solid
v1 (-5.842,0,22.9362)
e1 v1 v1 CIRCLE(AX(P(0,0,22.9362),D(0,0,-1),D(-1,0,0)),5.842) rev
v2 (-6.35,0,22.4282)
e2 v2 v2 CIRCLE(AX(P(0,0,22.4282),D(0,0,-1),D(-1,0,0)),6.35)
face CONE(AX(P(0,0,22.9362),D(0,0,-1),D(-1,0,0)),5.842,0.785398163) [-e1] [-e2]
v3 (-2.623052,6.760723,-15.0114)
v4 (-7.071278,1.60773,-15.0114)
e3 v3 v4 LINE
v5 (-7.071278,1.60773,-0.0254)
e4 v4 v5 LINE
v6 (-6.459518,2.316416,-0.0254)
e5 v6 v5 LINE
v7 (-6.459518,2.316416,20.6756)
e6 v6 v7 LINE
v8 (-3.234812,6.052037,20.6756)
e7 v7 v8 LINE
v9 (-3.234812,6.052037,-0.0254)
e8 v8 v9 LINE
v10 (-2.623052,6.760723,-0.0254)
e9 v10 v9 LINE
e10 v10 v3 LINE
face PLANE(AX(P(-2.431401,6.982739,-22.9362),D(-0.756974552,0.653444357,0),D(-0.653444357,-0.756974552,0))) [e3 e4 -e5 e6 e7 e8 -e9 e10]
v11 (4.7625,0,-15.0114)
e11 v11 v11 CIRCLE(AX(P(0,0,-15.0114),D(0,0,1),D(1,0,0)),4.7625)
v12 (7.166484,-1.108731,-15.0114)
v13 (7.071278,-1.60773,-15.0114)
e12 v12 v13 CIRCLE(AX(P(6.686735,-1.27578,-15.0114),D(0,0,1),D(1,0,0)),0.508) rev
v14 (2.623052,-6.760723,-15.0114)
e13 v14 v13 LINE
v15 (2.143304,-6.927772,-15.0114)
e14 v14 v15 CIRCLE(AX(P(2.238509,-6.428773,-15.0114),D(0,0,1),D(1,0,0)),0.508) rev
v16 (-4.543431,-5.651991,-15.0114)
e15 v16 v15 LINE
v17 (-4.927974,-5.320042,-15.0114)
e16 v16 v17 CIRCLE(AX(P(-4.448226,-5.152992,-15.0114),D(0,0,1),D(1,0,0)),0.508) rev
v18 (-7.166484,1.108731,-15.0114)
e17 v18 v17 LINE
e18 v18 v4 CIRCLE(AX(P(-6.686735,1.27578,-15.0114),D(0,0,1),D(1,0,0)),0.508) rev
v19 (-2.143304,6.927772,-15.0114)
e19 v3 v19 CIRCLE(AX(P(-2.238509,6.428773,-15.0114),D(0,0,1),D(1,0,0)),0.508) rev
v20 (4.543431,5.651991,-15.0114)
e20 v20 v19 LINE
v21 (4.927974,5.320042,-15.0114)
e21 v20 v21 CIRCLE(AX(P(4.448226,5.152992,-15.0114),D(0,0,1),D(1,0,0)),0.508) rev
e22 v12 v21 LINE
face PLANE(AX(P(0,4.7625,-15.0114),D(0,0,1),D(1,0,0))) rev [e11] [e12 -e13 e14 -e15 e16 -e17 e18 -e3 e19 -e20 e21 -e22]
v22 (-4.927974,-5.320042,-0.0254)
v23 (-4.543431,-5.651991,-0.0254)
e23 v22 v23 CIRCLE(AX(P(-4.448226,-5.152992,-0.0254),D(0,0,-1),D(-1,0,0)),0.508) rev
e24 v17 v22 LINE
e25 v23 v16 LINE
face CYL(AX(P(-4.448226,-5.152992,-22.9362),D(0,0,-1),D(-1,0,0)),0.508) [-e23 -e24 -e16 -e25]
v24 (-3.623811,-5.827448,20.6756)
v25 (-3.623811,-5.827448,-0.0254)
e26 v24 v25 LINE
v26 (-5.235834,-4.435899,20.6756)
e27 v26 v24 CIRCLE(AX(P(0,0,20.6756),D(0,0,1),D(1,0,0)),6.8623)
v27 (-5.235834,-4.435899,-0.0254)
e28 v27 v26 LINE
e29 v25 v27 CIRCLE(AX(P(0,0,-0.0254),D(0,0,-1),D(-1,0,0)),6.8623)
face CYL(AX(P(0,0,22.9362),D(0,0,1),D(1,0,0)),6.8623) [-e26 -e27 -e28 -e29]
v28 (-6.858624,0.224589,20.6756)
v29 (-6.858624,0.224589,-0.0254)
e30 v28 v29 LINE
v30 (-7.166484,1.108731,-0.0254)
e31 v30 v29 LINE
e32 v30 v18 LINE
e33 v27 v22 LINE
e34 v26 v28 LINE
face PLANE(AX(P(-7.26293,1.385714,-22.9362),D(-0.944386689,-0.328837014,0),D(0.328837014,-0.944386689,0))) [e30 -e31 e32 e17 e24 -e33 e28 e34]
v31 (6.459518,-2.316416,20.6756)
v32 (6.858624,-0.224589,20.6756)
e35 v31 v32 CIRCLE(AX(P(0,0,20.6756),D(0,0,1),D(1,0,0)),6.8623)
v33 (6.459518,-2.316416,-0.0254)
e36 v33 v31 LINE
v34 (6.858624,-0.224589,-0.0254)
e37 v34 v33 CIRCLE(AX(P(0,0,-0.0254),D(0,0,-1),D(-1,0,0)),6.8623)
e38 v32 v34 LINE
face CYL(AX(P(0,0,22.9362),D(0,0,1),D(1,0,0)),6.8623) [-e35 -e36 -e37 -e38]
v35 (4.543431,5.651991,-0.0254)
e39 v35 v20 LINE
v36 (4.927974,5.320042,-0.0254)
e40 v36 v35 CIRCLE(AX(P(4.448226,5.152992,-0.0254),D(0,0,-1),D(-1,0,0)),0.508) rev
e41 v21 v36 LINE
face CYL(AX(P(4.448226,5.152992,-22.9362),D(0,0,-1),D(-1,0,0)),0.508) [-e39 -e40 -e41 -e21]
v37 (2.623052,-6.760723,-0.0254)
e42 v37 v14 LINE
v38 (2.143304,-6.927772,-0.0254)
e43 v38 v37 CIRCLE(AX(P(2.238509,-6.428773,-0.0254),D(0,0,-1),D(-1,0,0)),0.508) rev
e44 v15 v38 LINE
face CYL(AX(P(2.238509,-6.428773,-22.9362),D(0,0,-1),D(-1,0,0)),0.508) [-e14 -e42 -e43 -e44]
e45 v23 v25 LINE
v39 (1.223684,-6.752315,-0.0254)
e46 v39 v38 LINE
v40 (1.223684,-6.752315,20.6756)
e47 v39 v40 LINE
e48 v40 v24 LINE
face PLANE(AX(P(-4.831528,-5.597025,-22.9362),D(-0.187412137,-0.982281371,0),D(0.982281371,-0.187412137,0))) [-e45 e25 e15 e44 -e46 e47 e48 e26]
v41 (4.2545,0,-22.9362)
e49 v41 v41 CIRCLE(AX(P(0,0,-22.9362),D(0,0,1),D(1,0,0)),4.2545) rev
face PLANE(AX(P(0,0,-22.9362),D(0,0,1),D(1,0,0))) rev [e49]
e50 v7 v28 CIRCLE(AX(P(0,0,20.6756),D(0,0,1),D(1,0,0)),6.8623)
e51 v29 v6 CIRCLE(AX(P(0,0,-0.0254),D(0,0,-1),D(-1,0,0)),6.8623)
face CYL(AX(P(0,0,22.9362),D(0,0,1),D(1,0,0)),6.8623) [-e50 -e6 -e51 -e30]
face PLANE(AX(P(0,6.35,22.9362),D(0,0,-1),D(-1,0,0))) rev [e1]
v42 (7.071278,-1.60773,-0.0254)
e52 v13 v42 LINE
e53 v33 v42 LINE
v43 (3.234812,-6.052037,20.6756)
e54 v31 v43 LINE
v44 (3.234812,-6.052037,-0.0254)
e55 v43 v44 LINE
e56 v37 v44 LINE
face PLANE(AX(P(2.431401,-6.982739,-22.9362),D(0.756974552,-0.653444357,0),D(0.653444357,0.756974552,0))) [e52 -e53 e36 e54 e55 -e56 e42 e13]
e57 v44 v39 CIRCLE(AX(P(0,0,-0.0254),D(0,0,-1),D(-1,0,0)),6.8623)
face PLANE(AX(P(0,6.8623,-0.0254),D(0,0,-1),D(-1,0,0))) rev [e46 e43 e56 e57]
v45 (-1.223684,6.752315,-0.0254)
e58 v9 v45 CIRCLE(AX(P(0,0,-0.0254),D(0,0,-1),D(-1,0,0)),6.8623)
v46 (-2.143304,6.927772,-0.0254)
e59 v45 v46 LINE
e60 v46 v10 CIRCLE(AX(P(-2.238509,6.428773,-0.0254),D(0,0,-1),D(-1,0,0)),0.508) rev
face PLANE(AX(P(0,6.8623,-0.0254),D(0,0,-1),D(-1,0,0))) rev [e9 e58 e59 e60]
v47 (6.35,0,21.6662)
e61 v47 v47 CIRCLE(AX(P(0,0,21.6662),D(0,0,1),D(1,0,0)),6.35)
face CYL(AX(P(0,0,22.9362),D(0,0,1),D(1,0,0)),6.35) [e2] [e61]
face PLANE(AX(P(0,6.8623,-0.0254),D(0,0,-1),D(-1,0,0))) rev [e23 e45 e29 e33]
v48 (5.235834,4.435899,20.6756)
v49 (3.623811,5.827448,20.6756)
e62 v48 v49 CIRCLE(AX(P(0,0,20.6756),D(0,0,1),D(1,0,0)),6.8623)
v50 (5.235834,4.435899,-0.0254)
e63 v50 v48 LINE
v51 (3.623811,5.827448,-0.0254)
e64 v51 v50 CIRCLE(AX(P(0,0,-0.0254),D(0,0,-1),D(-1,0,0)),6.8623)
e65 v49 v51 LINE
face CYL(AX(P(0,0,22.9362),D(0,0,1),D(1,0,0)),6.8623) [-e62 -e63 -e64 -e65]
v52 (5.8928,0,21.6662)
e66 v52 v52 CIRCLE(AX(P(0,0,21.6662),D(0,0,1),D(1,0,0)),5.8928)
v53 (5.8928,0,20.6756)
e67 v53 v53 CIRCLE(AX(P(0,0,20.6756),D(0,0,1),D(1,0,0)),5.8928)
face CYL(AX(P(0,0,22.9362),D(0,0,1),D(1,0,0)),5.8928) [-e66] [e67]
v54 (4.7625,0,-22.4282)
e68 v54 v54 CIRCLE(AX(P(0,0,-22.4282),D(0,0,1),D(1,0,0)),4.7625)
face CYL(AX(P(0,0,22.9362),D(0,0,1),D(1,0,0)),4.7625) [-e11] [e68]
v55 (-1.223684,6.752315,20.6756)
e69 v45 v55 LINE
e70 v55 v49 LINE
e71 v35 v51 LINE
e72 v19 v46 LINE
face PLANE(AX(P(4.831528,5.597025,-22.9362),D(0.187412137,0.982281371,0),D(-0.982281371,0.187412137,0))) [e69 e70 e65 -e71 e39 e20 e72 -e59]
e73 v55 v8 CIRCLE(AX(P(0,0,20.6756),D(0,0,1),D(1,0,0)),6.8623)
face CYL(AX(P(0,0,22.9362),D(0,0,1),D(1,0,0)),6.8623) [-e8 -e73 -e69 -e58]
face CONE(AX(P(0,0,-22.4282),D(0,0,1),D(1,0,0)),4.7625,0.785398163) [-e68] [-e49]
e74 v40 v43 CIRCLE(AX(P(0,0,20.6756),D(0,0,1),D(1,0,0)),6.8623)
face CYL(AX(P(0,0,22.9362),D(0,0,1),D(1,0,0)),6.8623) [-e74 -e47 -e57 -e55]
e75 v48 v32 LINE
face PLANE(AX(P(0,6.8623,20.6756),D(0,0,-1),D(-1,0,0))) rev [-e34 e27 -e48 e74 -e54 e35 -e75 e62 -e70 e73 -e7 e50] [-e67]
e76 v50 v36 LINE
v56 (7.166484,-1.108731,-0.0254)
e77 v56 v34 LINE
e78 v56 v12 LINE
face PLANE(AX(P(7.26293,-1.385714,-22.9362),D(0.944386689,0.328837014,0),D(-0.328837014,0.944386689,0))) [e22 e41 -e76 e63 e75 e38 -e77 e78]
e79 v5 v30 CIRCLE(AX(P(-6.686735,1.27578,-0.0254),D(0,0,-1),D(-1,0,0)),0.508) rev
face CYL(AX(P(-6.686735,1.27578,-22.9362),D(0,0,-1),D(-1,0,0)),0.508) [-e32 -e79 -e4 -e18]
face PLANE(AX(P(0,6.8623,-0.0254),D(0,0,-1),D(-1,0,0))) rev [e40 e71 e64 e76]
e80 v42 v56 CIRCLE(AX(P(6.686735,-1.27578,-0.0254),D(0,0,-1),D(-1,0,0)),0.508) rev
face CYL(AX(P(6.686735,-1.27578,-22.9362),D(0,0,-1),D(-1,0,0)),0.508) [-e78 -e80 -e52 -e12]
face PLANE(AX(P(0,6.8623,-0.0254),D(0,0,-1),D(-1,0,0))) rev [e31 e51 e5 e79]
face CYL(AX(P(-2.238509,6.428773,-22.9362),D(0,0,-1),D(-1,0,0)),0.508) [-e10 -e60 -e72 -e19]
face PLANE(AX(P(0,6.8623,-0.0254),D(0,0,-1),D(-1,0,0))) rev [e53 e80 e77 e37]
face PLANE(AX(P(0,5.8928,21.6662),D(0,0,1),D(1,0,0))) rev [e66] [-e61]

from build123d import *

# Parameters (mm, degrees)
SKETCH3_OUTSIDE_W   = 25.686
SKETCH3_OUTSIDE_H   = 25.686
CUT_EXTRUDE1_DEPTH  = 47.887731907
CHAMFER1_SIZE       = 0.508
BOSS_EXTRUDE1_DEPTH = 14.986
FILLET1_R           = 0.508


with BuildPart() as part:
    # Sketch2 → Revolve1 (revolve)
    with BuildSketch(Plane(origin=(0, 0, 0), x_dir=(0, 0, -1), z_dir=(1, 0, 0)), mode=Mode.PRIVATE) as revolve1_sk:
        Polygon((-22.9362, 0), (22.9362, 0), (22.9362, 4.7625), (15.0114, 4.7625), (15.0114, 6.862299966), (-20.6756, 6.862299966), (-20.6756, 5.8928), (-21.6662, 5.8928), (-21.6662, 6.35), (-22.9362, 6.35), align=None)
    revolve(revolve1_sk.sketch.rotate(Axis((0, 0, 22.9362), (0, 0, -1)), 90), axis=Axis((0, 0, 22.9362), (0, 0, -1)))

    # Sketch3 outside → Cut-Extrude1 (cut, through all)
    with BuildSketch(Plane.XY.offset(22.9362)):
        Rectangle(SKETCH3_OUTSIDE_W, SKETCH3_OUTSIDE_H)
        Polygon((7.26292966, -1.38571412), (4.83152846, 5.597024532), (-2.4314012, 6.982738652), (-7.26292966, 1.38571412), (-4.83152846, -5.597024532), (2.4314012, -6.982738652), align=None, mode=Mode.SUBTRACT)
    extrude(amount=-CUT_EXTRUDE1_DEPTH, mode=Mode.SUBTRACT)

    # Chamfer1
    chamfer1_edges = [part.edges().sort_by_distance(p)[0] for p in [
        (-4.7625, 0, -22.9362),
        (-6.35, 0, 22.9362),
    ]]
    chamfer(chamfer1_edges, length=CHAMFER1_SIZE)

    # Sketch4 → Boss-Extrude1 (add)
    with BuildSketch(Plane(origin=(0, 0, -15.0114), x_dir=(-1, 0, 0), z_dir=(0, 0, -1))):
        Polygon((-2.4314012, -6.982738652), (4.83152846, -5.597024532), (7.26292966, 1.38571412), (2.4314012, 6.982738652), (-4.83152846, 5.597024532), (-7.26292966, -1.38571412), align=None)
    extrude(amount=-BOSS_EXTRUDE1_DEPTH)

    # Fillet1
    fillet1_edges = [part.edges().sort_by_distance(p)[0] for p in [
        (2.4314012, -6.982738652, -7.5184),
        (-4.83152846, -5.597024532, -7.5184),
        (-7.26292966, 1.38571412, -7.5184),
        (-2.4314012, 6.982738652, -7.5184),
        (7.26292966, -1.38571412, -7.5184),
        (4.83152846, 5.597024532, -7.5184),
    ]]
    fillet(fillet1_edges, radius=FILLET1_R)


solid = part.part
